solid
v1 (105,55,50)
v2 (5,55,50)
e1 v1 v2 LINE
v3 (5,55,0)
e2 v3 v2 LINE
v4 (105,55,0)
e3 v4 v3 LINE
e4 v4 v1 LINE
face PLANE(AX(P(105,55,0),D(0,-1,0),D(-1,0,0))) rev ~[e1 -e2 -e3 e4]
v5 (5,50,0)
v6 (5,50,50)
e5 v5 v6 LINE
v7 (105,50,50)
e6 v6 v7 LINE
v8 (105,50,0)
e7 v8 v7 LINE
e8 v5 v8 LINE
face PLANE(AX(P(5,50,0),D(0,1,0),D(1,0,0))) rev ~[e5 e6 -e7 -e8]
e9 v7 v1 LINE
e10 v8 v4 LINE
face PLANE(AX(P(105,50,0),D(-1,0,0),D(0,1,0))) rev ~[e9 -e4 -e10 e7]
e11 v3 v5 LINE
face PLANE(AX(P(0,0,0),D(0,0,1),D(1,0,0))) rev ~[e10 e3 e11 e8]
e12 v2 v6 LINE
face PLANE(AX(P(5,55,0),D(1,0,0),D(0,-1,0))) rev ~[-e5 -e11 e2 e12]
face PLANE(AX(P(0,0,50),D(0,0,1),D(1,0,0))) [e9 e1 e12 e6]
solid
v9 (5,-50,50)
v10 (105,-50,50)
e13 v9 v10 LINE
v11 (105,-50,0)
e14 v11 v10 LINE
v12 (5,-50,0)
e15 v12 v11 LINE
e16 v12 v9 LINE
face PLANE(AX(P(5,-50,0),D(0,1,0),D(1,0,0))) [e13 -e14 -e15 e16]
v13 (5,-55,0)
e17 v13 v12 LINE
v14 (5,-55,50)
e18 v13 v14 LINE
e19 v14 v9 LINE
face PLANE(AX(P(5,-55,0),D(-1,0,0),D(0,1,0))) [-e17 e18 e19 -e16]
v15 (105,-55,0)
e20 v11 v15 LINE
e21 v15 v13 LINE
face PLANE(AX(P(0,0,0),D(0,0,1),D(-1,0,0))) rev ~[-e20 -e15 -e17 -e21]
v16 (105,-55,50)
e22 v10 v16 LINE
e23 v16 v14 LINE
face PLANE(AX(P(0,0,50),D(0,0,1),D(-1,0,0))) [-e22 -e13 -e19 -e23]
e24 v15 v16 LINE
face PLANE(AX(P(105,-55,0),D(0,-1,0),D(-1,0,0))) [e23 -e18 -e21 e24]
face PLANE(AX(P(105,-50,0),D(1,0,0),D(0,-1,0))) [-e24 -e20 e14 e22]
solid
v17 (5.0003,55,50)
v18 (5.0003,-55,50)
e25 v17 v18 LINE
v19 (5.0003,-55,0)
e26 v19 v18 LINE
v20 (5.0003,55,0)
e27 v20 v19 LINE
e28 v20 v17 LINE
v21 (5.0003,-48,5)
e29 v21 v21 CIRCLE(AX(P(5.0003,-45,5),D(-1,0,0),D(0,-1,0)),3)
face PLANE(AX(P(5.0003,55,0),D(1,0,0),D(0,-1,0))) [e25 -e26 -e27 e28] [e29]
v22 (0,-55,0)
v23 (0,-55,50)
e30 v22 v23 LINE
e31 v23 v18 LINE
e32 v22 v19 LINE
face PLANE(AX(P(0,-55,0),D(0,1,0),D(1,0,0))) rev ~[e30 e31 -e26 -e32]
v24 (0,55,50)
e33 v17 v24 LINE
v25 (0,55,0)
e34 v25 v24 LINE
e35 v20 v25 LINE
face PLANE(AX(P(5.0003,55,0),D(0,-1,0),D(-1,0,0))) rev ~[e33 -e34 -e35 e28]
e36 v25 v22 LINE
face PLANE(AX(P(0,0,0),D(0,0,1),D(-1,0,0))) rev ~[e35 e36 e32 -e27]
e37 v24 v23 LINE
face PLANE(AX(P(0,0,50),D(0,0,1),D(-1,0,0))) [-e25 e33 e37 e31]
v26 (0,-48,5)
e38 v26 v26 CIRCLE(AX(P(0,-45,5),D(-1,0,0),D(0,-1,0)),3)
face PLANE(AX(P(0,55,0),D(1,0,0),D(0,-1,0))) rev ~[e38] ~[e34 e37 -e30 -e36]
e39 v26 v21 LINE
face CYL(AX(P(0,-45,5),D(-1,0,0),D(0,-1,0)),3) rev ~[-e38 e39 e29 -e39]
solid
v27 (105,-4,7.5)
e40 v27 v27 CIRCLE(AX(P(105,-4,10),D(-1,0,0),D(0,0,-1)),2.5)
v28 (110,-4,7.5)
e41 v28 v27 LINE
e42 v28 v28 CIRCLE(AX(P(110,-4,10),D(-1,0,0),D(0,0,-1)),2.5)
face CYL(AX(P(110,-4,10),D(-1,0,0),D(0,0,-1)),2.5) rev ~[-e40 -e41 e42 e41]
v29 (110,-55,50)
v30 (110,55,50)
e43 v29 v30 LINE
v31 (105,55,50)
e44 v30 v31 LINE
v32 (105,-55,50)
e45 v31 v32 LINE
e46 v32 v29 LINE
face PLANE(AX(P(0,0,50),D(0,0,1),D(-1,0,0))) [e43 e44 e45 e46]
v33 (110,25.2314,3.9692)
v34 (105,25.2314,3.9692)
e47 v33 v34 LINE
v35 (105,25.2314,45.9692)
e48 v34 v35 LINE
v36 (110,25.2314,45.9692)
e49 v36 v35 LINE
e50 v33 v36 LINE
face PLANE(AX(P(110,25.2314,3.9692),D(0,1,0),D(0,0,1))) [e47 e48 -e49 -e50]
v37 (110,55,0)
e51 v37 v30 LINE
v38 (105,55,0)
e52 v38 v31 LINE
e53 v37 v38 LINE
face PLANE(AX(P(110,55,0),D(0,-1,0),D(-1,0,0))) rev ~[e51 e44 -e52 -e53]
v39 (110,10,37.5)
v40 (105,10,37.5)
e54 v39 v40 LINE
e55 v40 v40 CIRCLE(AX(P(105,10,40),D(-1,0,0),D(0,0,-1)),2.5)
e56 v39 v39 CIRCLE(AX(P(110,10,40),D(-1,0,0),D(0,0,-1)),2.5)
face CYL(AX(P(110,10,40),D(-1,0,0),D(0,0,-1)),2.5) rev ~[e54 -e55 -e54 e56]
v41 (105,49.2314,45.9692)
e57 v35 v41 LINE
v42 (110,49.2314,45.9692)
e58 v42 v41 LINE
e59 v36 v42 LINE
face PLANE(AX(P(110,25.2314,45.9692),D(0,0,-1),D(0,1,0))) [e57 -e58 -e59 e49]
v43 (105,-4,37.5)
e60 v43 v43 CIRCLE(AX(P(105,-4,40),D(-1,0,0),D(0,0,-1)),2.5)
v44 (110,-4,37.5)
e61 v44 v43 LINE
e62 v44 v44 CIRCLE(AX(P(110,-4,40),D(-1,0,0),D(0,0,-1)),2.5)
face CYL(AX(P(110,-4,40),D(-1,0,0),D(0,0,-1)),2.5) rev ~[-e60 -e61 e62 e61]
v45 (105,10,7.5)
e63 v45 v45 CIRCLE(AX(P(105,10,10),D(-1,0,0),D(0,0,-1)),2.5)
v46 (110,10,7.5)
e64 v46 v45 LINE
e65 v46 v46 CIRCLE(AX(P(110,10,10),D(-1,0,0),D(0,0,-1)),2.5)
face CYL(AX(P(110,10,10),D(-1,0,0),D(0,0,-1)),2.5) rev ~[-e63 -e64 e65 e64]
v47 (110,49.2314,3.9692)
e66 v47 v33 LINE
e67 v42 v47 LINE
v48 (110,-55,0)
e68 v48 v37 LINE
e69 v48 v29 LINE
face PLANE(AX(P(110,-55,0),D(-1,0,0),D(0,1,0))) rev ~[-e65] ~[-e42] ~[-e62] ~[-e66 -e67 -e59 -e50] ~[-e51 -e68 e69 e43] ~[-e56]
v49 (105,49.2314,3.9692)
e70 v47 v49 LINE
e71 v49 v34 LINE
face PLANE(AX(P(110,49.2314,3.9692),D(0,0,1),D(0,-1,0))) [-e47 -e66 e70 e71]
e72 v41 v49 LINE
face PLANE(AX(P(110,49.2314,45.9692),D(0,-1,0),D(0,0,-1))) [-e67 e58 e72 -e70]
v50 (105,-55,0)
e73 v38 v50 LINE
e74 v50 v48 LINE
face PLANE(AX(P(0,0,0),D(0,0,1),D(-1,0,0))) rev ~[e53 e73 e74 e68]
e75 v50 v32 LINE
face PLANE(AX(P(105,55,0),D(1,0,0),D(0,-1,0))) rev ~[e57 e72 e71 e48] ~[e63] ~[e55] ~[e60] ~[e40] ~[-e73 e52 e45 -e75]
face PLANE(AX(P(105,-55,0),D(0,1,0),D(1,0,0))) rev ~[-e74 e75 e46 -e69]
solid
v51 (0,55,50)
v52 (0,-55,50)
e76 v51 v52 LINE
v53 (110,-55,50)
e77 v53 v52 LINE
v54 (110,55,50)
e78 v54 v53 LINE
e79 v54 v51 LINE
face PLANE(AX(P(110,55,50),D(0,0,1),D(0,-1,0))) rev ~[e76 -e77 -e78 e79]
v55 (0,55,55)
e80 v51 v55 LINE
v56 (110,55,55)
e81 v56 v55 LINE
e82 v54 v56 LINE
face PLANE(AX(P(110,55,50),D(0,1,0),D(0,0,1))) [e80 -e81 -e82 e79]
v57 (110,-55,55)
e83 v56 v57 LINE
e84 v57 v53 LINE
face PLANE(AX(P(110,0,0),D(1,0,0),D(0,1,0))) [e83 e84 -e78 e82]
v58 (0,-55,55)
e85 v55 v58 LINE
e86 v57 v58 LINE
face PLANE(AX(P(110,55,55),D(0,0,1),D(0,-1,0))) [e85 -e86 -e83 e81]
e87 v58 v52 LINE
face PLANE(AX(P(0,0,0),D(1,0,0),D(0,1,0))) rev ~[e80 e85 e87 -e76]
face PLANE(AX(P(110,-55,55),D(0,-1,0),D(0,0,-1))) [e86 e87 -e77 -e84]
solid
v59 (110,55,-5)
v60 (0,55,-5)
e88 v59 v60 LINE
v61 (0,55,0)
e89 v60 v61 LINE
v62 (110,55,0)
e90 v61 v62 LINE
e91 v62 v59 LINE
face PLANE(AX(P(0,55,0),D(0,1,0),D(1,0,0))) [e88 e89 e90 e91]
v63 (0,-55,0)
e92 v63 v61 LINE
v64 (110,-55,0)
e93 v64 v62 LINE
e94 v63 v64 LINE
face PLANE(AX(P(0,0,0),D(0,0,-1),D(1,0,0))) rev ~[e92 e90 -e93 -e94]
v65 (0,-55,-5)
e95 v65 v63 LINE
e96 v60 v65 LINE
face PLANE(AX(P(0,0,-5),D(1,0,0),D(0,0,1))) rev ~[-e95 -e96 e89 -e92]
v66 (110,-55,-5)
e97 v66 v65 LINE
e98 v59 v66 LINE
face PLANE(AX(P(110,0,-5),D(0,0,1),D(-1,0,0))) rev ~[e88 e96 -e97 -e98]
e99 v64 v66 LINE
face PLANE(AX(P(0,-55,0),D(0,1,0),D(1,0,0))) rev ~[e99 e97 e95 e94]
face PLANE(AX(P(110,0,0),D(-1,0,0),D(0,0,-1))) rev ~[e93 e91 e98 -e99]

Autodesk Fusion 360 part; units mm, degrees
sketch "Sketch1" plane through (0, 0, 0) normal (0, 1, 0) x (1, 0, 0)
  line L0 (0, 0) -> (110, 0)
  line L1 (110, 0) -> (110, 5)
  line L2 (110, 5) -> (0, 5)
  line L3 (0, 5) -> (0, 0)
  dimension "d1" = 110
extrude "Extrude1" add sketch "Sketch1" along normal mid plane 110 makes body 1
sketch "Sketch2" plane through (0, 0, 0) normal (0, 0, 1) x (-1, 0, 0)
  line L0 (-110, 55) -> (-110, -55)
  line L1 (-110, -55) -> (0, -55)
  line L2 (0, -55) -> (0, 55)
  line L3 (0, 55) -> (-110, 55)
  line L4 (0, -55) -> (-5.0003, -55)
  line L5 (-5.0003, -55) -> (-5.0003, 55)
  line L6 (-5.0003, 55) -> (0, 55)
  line L7 (0, 55) -> (0, -55)
extrude "Extrude2" add sketch "Sketch2" along normal blind 50 separate body contours L1 L2 L3 L4 L5 L6 L7 makes body 2
sketch "Sketch3" plane through (0, 0, 0) normal (0, 0, 1) x (1, 0, 0)
sketch "Sketch4" plane through (0, 0, 0) normal (0, 0, 1) x (-1, 0, 0)
  line L0 (-110, 55) -> (-110, -55)
  line L1 (-110, -55) -> (0, -55)
  line L2 (0, -55) -> (0, 55)
  line L3 (0, 55) -> (-110, 55)
  line L4 (-110, -55) -> (-105, -55)
  line L5 (-105, -55) -> (-105, 55)
  line L6 (-105, 55) -> (-110, 55)
  line L7 (-110, 55) -> (-110, -55)
  dimension "d6" = 5
  dimension "d7" = 110
extrude "Extrude3" add sketch "Sketch4" along normal blind 50 separate body contours L0 L1 L3 L4 L5 L6 L7 makes body 3
sketch "Sketch5" plane through (0, 0, 0) normal (0, 0, 1) x (-1, 0, 0)
  line L0 (-110, 55) -> (-110, -55)
  line L1 (-110, -55) -> (0, -55)
  line L2 (0, -55) -> (0, 55)
  line L3 (0, 55) -> (-110, 55)
sketch "Sketch6" plane through (0, 0, 0) normal (0, 0, 1) x (-1, 0, 0)
  line L0 (-105, 55) -> (-5, 55)
  line L1 (-5, 55) -> (-5, 50)
  line L2 (-5, 50) -> (-105, 50)
  line L3 (-105, 50) -> (-105, 55)
extrude "Extrude4" add sketch "Sketch6" along normal blind 50 separate body makes body 4
sketch "Sketch7" plane through (0, 0, 0) normal (0, 0, 1) x (1, 0, 0)
  line L0 (105, 55) -> (5, 55)
  line L1 (5, 55) -> (5, 50)
  line L2 (5, 50) -> (105, 50)
  line L3 (105, 50) -> (105, 55)
extrude "Extrude5" add sketch "Sketch7" along normal blind 50 separate body makes body 5
sketch "Sketch8" plane through (110, 0, 0) normal (1, 0, 0) x (0, 1, 0)
  line L0 (-55, 0) -> (55, 0)
  line L1 (55, 0) -> (55, 50)
  line L2 (55, 50) -> (-55, 50)
  line L3 (-55, 50) -> (-55, 0)
  line L4 (-55, 50) -> (55, 50)
  line L5 (55, 50) -> (55, 55)
  line L6 (55, 55) -> (-55, 55)
  line L7 (-55, 55) -> (-55, 50)
extrude "Extrude6" add sketch "Sketch8" against normal blind 110 separate body contours L2 L4 L5 L6 L7 makes body 6
sketch "Sketch9" plane through (110, 0, 0) normal (1, 0, 0) x (0, 1, 0)
  line L0 (-55, 0) -> (55, 0)
  line L1 (55, 0) -> (55, 50)
  line L2 (55, 50) -> (-55, 50)
  line L3 (-55, 50) -> (-55, 0)
  line L4 (49.2314, 3.9692) -> (25.2314, 3.9692)
  line L5 (25.2314, 3.9692) -> (25.2314, 45.9692)
  line L6 (25.2314, 45.9692) -> (49.2314, 45.9692)
  line L7 (49.2314, 45.9692) -> (49.2314, 3.9692)
  dimension "d16" = 24
  dimension "d17" = 42
extrude "Extrude7" cut sketch "Sketch9" against normal blind 15 contours L4 L5 L6 L7 bodies 3
sketch "Sketch10" plane through (110, 0, 0) normal (1, 0, 0) x (0, 1, 0)
  line L0 (25.2314, 3.9692) -> (25.2314, 45.9692)
  line L1 (25.2314, 45.9692) -> (49.2314, 45.9692)
  line L2 (49.2314, 45.9692) -> (49.2314, 3.9692)
  line L3 (49.2314, 3.9692) -> (25.2314, 3.9692)
  line L4 (-55, 0) -> (55, 0)
  line L5 (55, 0) -> (55, 50)
  line L6 (55, 50) -> (-55, 50)
  line L7 (-55, 50) -> (-55, 0)
  line L8 (10, 0) -> (10, 50)
  line L9 (10, 50) -> (10, 40)
  line L10 (10, 0) -> (10, 10)
  circle A0 centre (10, 10) radius 2.5
  circle A1 centre (10, 40) radius 2.5
  dimension "d20" = 5
  dimension "d21" = 5
hole "Hole1" at (110, 10, 40) direction (-1, 0, 0) diameter 5 depth 5 tip angle 118 bodies 3
hole "Hole2" at (110, 10, 10) direction (-1, 0, 0) diameter 5 depth 5 tip angle 118 bodies 3
sketch "Sketch11" plane through (110, 0, 0) normal (1, 0, 0) x (0, 1, 0)
  line L0 (10, 10) -> (-4, 10)
  line L1 (-4, 10) -> (-4, 40)
  line L2 (-4, 40) -> (10, 40)
hole "Hole3" at (110, -4, 40) direction (-1, 0, 0) diameter 5 depth 5 tip angle 118 bodies 3
hole "Hole4" at (110, -4, 10) direction (-1, 0, 0) diameter 5 depth 5 tip angle 118 bodies 3
sketch "Sketch12" plane through (0, 0, 0) normal (-1, 0, 0) x (0, -1, 0)
  line L0 (-55, 0) -> (55, 0)
  line L1 (55, 0) -> (55, 50)
  line L2 (55, 50) -> (-55, 50)
  line L3 (-55, 50) -> (-55, 0)
  circle A0 centre (45, 5) radius 3
  dimension "d34" = 6
extrude "Extrude8" cut sketch "Sketch12" against normal blind 20 contours A0 bodies 2
copy_body "Body->Comp1" bodies 2 removing the originals makes body 7 in component "Component"
copy_body "Body->Comp2" bodies 6 removing the originals makes body 8 in component "Component'"
copy_body "Body->Comp3" bodies 5 removing the originals makes body 9 in component "Component''"
copy_body "Body->Comp4" bodies 4 removing the originals makes body 10 in component "Component'''"
copy_body "Body->Comp5" bodies 3 removing the originals makes body 11 in component "Component''''"
copy_body "Body->Comp6" bodies 1 removing the originals makes body 12 in component "Component'''''"
component "Component" placed x (1, 0, 0) y (0, 1, 0) z (0, 0, 1) at (0, 0, 0)
component "Component'" placed x (1, 0, 0) y (0, 1, 0) z (0, 0, 1) at (0, 0, 0)
component "Component''" placed x (1, 0, 0) y (0, 1, 0) z (0, 0, 1) at (0, 0, 0)
component "Component'''" placed x (1, 0, 0) y (0, 1, 0) z (0, 0, 1) at (0, 0, 0)
component "Component''''" placed x (1, 0, 0) y (0, 1, 0) z (0, 0, 1) at (0, 0, 0)
component "Component'''''" placed x (1, 0, 0) y (0, 1, 0) z (0, 0, 1) at (0, 0, 0)
